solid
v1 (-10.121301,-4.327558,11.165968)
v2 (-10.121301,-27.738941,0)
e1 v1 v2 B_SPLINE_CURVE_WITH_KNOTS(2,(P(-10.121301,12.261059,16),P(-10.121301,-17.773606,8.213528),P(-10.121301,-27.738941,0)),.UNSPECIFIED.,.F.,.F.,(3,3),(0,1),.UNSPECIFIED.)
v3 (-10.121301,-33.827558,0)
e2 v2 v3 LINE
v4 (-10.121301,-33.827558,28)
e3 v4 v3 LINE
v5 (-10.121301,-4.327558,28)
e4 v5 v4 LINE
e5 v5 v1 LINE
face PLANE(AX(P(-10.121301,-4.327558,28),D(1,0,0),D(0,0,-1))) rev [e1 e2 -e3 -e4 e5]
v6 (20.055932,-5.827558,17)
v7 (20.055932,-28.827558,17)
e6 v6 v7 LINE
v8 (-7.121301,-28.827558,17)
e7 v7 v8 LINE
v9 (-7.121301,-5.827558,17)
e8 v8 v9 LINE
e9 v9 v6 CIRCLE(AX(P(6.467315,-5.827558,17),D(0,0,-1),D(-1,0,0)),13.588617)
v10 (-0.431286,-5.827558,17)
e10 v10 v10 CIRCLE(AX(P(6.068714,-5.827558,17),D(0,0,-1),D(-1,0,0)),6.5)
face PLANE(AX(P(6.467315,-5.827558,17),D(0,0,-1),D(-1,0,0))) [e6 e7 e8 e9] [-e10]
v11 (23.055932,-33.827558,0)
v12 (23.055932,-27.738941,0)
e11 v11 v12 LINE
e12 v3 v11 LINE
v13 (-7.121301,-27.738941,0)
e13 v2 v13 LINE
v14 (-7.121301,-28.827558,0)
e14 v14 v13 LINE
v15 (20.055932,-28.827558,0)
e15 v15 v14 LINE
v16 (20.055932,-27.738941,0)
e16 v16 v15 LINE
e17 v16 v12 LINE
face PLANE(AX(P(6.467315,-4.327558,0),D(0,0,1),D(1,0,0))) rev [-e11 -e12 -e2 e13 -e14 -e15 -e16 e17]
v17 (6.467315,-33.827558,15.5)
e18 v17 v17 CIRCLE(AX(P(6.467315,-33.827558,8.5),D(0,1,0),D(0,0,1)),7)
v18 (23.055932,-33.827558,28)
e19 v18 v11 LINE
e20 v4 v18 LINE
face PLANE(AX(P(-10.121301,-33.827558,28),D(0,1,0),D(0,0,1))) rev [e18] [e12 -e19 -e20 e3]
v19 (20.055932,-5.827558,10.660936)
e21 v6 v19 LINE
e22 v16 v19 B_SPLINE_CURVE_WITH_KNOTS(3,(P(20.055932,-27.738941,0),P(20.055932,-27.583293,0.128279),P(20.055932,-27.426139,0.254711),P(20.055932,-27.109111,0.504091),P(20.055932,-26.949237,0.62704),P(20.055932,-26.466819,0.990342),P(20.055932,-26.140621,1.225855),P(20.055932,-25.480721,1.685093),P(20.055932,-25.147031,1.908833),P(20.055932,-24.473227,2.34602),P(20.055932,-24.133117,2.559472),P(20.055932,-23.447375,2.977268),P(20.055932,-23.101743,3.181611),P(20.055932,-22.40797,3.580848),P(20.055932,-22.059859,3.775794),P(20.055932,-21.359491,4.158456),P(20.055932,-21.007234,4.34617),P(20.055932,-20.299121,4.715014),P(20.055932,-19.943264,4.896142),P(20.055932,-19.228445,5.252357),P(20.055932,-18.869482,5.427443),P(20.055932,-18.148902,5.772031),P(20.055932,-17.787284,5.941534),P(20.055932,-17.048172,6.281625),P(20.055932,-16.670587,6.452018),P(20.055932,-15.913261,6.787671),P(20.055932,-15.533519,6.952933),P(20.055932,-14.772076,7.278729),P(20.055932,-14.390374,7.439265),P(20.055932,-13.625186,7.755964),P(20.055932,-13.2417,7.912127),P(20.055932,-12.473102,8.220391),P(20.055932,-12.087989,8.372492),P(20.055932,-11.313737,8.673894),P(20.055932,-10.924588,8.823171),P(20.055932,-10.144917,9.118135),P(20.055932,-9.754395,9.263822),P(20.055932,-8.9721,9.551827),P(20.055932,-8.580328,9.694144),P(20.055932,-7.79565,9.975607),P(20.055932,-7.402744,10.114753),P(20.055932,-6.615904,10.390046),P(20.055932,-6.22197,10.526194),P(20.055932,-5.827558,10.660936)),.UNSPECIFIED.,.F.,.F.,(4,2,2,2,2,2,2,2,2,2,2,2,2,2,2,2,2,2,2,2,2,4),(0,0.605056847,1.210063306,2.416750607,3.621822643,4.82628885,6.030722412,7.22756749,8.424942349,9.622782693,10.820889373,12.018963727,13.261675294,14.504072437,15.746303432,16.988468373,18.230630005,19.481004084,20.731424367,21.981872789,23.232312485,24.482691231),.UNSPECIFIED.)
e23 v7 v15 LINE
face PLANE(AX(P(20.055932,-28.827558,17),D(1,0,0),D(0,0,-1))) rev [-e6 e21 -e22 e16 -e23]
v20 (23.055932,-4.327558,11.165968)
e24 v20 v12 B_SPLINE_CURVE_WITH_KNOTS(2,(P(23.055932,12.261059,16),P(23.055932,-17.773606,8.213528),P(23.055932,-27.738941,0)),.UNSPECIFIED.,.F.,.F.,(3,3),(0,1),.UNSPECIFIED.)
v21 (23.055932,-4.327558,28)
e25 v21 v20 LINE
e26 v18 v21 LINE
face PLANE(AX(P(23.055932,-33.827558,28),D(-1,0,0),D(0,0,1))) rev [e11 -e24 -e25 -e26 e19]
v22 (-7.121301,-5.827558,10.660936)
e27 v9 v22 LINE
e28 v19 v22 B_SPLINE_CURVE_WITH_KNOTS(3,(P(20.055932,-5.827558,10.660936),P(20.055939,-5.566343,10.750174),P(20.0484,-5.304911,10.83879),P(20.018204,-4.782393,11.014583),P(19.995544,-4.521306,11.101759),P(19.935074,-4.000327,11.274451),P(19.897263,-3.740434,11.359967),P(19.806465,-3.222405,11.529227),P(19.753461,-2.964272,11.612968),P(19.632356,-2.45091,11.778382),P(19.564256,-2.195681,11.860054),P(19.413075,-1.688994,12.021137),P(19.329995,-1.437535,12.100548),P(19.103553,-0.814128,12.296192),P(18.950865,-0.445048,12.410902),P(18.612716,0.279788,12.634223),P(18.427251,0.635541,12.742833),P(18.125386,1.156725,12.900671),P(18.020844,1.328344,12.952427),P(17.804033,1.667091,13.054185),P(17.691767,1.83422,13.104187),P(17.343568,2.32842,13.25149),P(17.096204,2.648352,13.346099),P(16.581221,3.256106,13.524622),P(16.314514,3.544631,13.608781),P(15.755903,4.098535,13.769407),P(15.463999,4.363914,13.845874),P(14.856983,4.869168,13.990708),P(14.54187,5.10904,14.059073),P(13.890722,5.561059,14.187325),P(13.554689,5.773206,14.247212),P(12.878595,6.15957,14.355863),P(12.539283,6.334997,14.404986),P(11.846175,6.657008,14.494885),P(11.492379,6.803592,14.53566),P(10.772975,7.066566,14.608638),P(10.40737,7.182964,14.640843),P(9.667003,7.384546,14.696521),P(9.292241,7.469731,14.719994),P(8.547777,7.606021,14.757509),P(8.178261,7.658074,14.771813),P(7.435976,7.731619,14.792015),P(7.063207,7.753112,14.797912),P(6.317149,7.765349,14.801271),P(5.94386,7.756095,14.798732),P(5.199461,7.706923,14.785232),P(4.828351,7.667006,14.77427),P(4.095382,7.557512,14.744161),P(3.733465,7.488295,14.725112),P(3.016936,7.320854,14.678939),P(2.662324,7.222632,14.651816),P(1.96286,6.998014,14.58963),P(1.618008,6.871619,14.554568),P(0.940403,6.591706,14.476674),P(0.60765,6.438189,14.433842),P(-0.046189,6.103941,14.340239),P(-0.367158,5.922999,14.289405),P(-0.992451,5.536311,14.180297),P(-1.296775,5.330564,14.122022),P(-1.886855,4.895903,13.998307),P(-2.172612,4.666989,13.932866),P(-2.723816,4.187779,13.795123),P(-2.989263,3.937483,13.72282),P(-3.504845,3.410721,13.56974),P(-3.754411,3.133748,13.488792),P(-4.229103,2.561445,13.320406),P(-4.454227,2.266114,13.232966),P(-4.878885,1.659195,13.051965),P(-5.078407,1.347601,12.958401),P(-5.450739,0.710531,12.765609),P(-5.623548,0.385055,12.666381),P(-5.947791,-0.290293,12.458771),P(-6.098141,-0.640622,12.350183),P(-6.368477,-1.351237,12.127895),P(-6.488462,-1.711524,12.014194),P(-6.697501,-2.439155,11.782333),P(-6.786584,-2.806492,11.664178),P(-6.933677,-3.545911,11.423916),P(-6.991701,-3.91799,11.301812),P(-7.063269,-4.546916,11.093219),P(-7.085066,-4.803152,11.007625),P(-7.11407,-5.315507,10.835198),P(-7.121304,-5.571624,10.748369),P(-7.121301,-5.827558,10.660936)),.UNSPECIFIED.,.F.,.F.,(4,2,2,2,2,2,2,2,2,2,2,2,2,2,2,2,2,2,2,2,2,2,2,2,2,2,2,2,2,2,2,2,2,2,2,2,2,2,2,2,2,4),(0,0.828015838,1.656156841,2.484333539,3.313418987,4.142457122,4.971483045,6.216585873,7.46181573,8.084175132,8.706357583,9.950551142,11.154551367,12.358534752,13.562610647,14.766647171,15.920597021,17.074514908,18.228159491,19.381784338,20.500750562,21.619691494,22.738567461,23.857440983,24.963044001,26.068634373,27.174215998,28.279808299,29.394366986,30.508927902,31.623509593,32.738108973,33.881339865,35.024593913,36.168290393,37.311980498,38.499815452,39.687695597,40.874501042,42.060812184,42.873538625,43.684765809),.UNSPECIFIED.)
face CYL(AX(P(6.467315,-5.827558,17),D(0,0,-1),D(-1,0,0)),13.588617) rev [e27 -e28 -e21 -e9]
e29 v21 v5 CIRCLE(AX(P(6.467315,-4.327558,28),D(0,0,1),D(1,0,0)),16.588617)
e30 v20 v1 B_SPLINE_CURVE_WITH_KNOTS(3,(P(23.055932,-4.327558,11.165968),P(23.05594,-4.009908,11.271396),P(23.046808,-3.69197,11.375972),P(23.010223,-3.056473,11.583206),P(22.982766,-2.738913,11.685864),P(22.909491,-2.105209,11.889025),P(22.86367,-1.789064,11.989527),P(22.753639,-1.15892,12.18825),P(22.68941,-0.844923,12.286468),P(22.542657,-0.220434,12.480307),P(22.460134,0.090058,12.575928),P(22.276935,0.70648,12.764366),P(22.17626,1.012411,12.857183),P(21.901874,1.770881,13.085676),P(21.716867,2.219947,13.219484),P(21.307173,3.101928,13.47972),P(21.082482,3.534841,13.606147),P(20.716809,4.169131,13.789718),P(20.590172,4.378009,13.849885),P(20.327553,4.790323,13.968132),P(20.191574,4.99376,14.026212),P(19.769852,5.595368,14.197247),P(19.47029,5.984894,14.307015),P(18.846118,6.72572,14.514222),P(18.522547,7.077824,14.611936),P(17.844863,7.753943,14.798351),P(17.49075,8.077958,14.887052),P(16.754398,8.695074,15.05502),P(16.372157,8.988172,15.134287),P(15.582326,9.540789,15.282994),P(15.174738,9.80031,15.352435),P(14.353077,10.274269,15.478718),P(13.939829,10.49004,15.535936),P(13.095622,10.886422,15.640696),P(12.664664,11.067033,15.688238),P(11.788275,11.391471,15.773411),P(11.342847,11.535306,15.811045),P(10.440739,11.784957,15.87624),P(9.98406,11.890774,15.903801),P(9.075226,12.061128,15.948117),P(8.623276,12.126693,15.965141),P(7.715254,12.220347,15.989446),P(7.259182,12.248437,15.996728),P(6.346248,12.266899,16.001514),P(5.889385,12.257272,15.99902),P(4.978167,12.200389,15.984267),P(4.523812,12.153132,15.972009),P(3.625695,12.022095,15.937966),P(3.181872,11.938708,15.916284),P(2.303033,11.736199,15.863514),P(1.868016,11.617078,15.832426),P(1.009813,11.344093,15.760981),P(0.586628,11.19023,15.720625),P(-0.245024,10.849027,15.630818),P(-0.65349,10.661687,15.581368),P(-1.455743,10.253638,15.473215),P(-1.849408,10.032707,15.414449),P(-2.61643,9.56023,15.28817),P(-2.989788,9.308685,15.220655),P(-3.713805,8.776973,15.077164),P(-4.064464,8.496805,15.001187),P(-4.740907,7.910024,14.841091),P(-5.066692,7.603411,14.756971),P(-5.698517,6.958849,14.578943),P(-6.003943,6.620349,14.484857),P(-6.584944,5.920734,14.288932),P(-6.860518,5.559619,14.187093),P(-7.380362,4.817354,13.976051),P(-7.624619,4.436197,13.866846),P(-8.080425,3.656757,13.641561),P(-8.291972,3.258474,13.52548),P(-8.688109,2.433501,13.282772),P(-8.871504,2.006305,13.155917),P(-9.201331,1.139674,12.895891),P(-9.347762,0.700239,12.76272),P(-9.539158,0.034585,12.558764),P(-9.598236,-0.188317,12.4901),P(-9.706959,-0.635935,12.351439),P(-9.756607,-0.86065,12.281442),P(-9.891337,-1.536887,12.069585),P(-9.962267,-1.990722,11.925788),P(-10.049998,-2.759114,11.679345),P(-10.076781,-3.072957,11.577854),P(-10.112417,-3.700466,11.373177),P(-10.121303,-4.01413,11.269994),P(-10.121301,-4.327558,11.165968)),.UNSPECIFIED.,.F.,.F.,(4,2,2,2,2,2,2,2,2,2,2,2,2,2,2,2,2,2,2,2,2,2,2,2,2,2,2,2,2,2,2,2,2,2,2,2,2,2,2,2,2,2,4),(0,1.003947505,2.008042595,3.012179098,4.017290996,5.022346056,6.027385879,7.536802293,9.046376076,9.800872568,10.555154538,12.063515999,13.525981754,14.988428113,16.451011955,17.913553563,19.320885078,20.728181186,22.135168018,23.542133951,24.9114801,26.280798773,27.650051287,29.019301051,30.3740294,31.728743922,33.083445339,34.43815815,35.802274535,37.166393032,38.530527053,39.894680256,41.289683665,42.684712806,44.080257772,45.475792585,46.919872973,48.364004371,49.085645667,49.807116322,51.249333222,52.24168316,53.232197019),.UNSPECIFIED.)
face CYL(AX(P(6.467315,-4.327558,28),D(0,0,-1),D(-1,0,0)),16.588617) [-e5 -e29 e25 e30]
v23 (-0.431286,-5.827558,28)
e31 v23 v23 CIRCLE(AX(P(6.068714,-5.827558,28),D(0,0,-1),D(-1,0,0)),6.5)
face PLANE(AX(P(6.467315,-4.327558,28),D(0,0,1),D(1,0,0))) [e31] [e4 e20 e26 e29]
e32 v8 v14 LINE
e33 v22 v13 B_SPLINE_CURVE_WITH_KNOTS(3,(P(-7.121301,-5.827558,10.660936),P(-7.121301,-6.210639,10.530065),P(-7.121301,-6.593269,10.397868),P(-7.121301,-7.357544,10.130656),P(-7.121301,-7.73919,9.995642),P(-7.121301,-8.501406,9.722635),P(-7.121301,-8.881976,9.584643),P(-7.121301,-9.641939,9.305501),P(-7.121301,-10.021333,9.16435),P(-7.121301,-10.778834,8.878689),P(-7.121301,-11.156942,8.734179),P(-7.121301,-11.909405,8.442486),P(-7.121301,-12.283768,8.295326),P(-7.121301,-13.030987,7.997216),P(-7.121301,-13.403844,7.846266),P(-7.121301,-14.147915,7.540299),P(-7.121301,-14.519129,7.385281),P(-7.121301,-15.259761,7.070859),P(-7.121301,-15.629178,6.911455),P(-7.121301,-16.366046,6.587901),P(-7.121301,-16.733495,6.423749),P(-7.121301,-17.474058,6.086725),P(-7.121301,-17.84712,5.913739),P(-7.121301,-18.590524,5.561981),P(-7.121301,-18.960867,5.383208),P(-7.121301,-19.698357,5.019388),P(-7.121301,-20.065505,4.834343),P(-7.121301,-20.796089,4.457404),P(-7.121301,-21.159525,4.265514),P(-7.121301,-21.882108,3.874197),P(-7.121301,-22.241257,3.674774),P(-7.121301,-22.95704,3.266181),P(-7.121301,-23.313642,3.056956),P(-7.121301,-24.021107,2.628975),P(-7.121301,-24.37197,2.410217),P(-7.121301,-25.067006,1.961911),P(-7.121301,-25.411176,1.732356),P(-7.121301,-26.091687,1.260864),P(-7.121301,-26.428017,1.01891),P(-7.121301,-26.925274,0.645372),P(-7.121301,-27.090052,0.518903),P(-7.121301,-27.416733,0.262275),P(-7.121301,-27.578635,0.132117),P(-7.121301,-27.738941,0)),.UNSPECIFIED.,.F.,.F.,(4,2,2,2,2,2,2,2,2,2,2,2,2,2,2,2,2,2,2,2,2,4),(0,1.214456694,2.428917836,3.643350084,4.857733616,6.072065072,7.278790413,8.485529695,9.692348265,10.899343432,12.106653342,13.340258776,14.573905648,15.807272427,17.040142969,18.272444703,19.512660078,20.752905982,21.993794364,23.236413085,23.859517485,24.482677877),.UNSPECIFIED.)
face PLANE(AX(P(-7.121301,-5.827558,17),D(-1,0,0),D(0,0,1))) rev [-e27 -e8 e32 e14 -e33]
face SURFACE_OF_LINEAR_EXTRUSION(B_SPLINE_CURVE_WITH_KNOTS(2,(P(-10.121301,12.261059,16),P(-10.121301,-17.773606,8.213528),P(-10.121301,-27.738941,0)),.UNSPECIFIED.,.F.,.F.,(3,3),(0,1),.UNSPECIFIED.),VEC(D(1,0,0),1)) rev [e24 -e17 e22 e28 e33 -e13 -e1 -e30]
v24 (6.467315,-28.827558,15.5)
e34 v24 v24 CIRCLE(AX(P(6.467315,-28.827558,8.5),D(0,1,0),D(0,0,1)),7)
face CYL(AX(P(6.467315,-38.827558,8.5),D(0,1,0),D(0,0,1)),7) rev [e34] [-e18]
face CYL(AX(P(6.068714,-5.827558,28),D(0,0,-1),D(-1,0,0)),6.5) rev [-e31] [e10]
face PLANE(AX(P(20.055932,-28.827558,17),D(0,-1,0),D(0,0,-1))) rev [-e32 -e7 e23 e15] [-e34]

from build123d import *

# Parameters (mm, degrees)
BOSS_EXTRUDE1_DEPTH = 28
CUT_EXTRUDE1_DEPTH  = 34.177233055
CUT_EXTRUDE2_DEPTH  = 17
SKETCH7_R           = 6.5
CUT_EXTRUDE3_DEPTH  = 29.0000001
SKETCH8_R           = 7
CUT_EXTRUDE4_DEPTH  = 10


with BuildPart() as part:
    # Sketch1 → Boss-Extrude1 (new body)
    with BuildSketch(Plane.XY):
        with BuildLine():
            Line((-10.121301077, -4.327557758), (-10.121301077, -33.827557937))
            Line((-10.121301077, -33.827557937), (23.055931978, -33.827557937))
            Line((23.055931978, -33.827557937), (23.055931978, -4.327557758))
            ThreePointArc((23.055931978, -4.327557758), (6.467315451, 12.261058769), (-10.121301077, -4.327557758))
        make_face()
    extrude(amount=BOSS_EXTRUDE1_DEPTH)

    # Sketch3 → Cut-Extrude1 (cut, through all)
    with BuildSketch(Plane(origin=(23.055931978, 0, 0), x_dir=(0, 0, -1), z_dir=(1, 0, 0))):
        with BuildLine():
            Line((0, -7.671360057), (0, -27.738941231))
            add(Edge.make_bspline(
                [(0, -27.738941231), (-8.213527787, -17.773605897), (-16, 12.261058769)],
                knots=[0, 0, 0, 1, 1, 1], degree=2))
            Line((-16, 12.261058769), (0, 12.261058769))
            Line((0, 12.261058769), (0, -7.671360057))
        make_face()
    extrude(amount=-CUT_EXTRUDE1_DEPTH, mode=Mode.SUBTRACT)

    # Sketch5 → Cut-Extrude2 (cut)
    with BuildSketch(Plane(origin=(0, 0, 0), x_dir=(-1, 0, 0), z_dir=(0, 0, -1))):
        with BuildLine():
            Line((-20.055931978, -28.827557937), (-20.055931978, -5.827557937))
            ThreePointArc((-20.055931978, -5.827557937), (-6.467315451, 7.76105859), (7.121301077, -5.827557937))
            Line((7.121301077, -5.827557937), (7.121301077, -28.827557937))
            Line((7.121301077, -28.827557937), (-20.055931978, -28.827557937))
        make_face()
    extrude(amount=-CUT_EXTRUDE2_DEPTH, mode=Mode.SUBTRACT)

    # Sketch7 → Cut-Extrude3 (cut, through all)
    with BuildSketch(Plane(origin=(0, 0, 0), x_dir=(-1, 0, 0), z_dir=(0, 0, -1))):
        with Locations((-6.068714161, -5.827557937)):
            Circle(SKETCH7_R)
    extrude(amount=-CUT_EXTRUDE3_DEPTH, mode=Mode.SUBTRACT)

    # Sketch8 → Cut-Extrude4 (cut)
    with BuildSketch(Plane(origin=(0, -28.827557937, 0), x_dir=(1, 0, 0), z_dir=(0, 1, 0))):
        with Locations((6.467315451, -8.5)):
            Circle(SKETCH8_R)
    extrude(amount=-CUT_EXTRUDE4_DEPTH, mode=Mode.SUBTRACT)


solid = part.part
